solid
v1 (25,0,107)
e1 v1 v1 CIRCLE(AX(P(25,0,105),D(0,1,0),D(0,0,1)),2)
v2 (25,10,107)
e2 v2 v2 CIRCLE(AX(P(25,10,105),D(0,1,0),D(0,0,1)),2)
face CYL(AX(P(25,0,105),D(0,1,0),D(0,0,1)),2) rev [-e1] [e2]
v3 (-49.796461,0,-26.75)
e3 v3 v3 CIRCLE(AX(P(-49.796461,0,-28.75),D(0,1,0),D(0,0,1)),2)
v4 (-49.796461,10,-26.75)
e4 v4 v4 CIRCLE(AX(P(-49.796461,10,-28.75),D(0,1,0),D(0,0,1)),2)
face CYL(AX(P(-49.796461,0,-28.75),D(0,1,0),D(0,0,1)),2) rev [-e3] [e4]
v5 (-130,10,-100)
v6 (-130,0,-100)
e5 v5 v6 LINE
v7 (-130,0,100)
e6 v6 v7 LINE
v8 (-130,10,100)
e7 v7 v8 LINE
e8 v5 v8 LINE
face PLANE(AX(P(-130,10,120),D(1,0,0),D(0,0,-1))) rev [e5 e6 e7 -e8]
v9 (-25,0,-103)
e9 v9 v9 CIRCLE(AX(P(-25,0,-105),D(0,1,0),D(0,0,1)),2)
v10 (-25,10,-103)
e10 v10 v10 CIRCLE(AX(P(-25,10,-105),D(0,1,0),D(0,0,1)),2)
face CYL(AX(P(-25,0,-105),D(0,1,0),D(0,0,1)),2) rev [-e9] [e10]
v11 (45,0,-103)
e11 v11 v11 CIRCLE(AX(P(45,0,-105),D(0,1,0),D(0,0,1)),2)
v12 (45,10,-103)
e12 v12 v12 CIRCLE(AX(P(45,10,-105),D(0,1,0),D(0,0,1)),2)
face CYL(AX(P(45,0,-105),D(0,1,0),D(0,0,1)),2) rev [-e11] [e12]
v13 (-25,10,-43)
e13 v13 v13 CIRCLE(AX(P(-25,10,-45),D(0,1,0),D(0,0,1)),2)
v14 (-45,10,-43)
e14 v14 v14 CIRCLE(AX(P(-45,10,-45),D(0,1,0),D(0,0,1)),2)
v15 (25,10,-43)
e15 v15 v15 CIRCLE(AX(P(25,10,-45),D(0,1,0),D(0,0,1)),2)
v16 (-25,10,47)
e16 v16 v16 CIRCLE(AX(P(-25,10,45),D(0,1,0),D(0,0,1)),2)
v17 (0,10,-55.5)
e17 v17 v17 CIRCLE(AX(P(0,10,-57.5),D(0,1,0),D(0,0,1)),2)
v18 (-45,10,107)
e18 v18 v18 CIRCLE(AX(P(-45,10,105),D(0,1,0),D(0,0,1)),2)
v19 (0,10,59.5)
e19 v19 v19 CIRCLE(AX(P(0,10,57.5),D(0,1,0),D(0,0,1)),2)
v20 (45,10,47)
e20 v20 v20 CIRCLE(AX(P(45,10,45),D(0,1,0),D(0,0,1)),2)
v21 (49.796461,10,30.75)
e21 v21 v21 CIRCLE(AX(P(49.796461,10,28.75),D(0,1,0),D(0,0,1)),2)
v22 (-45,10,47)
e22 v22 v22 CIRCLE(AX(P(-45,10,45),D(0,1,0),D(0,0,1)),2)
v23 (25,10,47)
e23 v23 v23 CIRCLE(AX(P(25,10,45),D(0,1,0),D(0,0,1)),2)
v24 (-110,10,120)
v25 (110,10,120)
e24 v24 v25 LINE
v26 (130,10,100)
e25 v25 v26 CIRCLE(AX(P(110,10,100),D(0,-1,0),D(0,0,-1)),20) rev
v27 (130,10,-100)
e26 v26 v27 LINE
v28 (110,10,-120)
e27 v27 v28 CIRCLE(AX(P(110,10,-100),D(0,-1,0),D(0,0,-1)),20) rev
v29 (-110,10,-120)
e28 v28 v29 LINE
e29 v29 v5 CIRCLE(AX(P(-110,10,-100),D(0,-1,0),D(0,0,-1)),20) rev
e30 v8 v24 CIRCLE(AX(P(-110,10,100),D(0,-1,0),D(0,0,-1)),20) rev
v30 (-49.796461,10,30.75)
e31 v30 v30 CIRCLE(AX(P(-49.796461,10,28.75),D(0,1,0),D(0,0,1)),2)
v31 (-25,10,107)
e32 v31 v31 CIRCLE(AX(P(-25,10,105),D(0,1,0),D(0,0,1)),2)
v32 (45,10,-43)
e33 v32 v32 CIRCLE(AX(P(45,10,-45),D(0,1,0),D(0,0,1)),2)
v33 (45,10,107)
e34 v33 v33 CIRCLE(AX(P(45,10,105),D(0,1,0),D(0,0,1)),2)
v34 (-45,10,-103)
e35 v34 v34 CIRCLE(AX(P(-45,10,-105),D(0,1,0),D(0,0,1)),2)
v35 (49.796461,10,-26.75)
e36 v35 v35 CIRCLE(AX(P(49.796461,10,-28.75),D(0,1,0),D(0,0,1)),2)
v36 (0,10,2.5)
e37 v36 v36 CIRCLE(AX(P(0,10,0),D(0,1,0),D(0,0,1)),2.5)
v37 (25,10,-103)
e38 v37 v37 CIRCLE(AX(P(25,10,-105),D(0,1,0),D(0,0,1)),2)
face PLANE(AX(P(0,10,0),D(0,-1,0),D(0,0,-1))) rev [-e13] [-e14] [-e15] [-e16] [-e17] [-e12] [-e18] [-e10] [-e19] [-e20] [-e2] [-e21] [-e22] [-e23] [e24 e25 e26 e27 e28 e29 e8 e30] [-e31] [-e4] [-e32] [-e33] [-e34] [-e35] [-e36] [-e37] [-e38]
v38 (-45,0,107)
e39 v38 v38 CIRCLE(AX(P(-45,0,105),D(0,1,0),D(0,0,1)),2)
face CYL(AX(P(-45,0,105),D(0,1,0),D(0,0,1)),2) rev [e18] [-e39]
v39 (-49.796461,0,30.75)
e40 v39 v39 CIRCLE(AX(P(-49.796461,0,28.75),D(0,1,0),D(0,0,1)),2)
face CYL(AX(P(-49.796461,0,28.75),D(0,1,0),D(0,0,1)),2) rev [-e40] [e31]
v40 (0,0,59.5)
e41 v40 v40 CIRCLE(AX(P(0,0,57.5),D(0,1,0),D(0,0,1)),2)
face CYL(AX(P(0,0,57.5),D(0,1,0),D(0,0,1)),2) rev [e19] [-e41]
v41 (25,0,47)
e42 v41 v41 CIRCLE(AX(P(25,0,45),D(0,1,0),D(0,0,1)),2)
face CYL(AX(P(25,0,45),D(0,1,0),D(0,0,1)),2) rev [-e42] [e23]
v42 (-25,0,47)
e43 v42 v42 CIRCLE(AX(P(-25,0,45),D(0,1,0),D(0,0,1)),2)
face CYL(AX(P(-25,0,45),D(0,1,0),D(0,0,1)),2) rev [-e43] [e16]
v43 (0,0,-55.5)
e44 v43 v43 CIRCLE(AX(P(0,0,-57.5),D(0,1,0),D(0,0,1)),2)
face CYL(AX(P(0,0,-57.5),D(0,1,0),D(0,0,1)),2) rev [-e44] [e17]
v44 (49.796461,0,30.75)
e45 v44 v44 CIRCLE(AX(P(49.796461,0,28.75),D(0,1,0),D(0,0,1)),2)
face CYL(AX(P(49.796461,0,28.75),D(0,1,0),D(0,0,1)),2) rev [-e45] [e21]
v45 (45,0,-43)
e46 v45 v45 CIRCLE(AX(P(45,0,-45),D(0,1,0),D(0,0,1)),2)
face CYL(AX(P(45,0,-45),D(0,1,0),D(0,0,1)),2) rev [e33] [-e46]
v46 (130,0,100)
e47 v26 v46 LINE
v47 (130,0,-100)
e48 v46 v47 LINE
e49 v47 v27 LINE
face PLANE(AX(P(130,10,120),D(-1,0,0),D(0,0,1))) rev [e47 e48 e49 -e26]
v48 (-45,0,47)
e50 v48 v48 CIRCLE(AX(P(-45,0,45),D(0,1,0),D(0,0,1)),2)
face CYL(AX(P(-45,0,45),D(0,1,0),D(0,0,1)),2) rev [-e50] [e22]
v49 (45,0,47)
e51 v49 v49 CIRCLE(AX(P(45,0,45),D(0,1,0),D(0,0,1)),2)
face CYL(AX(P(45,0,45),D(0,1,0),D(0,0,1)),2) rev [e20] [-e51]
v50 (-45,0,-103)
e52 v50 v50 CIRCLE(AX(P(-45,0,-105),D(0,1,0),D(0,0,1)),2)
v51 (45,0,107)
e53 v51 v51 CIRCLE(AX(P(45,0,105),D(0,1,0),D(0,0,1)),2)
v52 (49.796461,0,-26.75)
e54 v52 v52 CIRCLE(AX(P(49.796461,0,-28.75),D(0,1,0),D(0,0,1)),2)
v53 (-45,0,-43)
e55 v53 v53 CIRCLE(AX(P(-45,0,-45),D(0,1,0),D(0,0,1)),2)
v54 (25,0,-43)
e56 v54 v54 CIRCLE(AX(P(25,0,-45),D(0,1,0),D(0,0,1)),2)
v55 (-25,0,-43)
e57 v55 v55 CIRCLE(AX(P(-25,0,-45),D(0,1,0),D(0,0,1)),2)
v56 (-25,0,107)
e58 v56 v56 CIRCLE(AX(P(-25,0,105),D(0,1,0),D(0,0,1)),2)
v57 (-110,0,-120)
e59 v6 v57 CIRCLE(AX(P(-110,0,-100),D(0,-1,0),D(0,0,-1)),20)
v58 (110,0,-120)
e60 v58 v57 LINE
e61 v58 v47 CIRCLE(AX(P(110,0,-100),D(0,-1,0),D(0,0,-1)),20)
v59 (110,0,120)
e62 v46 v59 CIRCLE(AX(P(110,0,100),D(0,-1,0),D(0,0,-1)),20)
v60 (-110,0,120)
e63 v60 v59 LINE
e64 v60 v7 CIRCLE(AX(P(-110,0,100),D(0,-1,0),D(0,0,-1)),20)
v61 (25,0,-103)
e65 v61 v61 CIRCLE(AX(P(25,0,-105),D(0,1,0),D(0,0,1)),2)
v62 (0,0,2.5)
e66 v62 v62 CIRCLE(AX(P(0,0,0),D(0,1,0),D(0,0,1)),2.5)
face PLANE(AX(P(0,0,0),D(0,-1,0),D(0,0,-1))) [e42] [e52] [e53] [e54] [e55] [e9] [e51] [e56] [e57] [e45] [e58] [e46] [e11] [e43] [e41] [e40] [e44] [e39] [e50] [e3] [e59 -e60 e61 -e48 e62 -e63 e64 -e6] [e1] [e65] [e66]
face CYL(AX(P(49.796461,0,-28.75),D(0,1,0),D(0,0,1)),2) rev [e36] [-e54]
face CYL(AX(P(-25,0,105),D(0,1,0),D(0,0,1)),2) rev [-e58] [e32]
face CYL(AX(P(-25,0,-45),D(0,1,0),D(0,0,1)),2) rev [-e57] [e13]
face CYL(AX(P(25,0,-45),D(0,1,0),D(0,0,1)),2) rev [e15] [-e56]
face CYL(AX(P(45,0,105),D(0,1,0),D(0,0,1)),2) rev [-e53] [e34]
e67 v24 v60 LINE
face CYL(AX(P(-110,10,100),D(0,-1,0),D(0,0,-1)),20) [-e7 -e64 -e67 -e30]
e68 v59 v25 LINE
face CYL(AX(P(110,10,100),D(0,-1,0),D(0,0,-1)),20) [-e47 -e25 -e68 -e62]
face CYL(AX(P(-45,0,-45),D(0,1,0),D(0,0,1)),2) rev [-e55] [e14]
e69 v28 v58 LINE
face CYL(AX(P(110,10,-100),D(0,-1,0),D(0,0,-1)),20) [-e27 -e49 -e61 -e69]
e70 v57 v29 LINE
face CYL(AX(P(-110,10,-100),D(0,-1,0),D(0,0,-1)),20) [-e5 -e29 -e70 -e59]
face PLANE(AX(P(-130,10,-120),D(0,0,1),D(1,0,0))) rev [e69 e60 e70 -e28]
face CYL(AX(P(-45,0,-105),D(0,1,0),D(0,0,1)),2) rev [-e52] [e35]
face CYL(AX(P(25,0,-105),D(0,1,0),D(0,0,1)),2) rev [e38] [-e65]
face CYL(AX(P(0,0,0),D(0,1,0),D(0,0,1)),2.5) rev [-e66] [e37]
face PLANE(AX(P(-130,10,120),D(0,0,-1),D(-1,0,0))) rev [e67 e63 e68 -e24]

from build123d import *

# Parameters (mm, degrees)
SKETCH1_W           = 260
SKETCH1_H           = 240
BOSS_EXTRUDE1_DEPTH = 10
FILLET3_R           = 20
SKETCH3_R           = 2.5
SKETCH3_R_2         = 2
CUT_EXTRUDE2_DEPTH  = 10


with BuildPart() as part:
    # Sketch1 → Boss-Extrude1 (new body)
    with BuildSketch(Plane(origin=(0, 0, 0), x_dir=(1, 0, 0), z_dir=(0, 1, 0))):
        Rectangle(SKETCH1_W, SKETCH1_H)
    extrude(amount=BOSS_EXTRUDE1_DEPTH)

    # Fillet3
    fillet3_edges = [part.edges().sort_by_distance(p)[0] for p in [
        (130, 5, 120),
        (-130, 5, 120),
        (-130, 5, -120),
        (130, 5, -120),
    ]]
    fillet(fillet3_edges, radius=FILLET3_R)

    # Sketch3 → Cut-Extrude2 (cut)
    with BuildSketch(Plane(origin=(0, 10, 0), x_dir=(1, 0, 0), z_dir=(0, 1, 0))):
        Circle(SKETCH3_R)
        with Locations((0, 57.5)):
            Circle(SKETCH3_R_2)
        with Locations((45, 45)):
            Circle(SKETCH3_R_2)
        with Locations((-45, 45)):
            Circle(SKETCH3_R_2)
        with Locations((45, 105)):
            Circle(SKETCH3_R_2)
        with Locations((-45, 105)):
            Circle(SKETCH3_R_2)
        with Locations((25, 105)):
            Circle(SKETCH3_R_2)
        with Locations((-25, 105)):
            Circle(SKETCH3_R_2)
        with Locations((0, -57.5)):
            Circle(SKETCH3_R_2)
        with Locations((49.796460718, -28.75)):
            Circle(SKETCH3_R_2)
        with Locations((49.796460718, 28.75)):
            Circle(SKETCH3_R_2)
        with Locations((45, -105)):
            Circle(SKETCH3_R_2)
        with Locations((45, -45)):
            Circle(SKETCH3_R_2)
        with Locations((25, -45)):
            Circle(SKETCH3_R_2)
        with Locations((-25, -45)):
            Circle(SKETCH3_R_2)
        with Locations((-45, -45)):
            Circle(SKETCH3_R_2)
        with Locations((25, 45)):
            Circle(SKETCH3_R_2)
        with Locations((-25, 45)):
            Circle(SKETCH3_R_2)
        with Locations((-49.796460718, -28.75)):
            Circle(SKETCH3_R_2)
        with Locations((-45, -105)):
            Circle(SKETCH3_R_2)
        with Locations((-25, -105)):
            Circle(SKETCH3_R_2)
        with Locations((25, -105)):
            Circle(SKETCH3_R_2)
        with Locations((-49.796460718, 28.75)):
            Circle(SKETCH3_R_2)
    extrude(amount=-CUT_EXTRUDE2_DEPTH, mode=Mode.SUBTRACT)


solid = part.part
